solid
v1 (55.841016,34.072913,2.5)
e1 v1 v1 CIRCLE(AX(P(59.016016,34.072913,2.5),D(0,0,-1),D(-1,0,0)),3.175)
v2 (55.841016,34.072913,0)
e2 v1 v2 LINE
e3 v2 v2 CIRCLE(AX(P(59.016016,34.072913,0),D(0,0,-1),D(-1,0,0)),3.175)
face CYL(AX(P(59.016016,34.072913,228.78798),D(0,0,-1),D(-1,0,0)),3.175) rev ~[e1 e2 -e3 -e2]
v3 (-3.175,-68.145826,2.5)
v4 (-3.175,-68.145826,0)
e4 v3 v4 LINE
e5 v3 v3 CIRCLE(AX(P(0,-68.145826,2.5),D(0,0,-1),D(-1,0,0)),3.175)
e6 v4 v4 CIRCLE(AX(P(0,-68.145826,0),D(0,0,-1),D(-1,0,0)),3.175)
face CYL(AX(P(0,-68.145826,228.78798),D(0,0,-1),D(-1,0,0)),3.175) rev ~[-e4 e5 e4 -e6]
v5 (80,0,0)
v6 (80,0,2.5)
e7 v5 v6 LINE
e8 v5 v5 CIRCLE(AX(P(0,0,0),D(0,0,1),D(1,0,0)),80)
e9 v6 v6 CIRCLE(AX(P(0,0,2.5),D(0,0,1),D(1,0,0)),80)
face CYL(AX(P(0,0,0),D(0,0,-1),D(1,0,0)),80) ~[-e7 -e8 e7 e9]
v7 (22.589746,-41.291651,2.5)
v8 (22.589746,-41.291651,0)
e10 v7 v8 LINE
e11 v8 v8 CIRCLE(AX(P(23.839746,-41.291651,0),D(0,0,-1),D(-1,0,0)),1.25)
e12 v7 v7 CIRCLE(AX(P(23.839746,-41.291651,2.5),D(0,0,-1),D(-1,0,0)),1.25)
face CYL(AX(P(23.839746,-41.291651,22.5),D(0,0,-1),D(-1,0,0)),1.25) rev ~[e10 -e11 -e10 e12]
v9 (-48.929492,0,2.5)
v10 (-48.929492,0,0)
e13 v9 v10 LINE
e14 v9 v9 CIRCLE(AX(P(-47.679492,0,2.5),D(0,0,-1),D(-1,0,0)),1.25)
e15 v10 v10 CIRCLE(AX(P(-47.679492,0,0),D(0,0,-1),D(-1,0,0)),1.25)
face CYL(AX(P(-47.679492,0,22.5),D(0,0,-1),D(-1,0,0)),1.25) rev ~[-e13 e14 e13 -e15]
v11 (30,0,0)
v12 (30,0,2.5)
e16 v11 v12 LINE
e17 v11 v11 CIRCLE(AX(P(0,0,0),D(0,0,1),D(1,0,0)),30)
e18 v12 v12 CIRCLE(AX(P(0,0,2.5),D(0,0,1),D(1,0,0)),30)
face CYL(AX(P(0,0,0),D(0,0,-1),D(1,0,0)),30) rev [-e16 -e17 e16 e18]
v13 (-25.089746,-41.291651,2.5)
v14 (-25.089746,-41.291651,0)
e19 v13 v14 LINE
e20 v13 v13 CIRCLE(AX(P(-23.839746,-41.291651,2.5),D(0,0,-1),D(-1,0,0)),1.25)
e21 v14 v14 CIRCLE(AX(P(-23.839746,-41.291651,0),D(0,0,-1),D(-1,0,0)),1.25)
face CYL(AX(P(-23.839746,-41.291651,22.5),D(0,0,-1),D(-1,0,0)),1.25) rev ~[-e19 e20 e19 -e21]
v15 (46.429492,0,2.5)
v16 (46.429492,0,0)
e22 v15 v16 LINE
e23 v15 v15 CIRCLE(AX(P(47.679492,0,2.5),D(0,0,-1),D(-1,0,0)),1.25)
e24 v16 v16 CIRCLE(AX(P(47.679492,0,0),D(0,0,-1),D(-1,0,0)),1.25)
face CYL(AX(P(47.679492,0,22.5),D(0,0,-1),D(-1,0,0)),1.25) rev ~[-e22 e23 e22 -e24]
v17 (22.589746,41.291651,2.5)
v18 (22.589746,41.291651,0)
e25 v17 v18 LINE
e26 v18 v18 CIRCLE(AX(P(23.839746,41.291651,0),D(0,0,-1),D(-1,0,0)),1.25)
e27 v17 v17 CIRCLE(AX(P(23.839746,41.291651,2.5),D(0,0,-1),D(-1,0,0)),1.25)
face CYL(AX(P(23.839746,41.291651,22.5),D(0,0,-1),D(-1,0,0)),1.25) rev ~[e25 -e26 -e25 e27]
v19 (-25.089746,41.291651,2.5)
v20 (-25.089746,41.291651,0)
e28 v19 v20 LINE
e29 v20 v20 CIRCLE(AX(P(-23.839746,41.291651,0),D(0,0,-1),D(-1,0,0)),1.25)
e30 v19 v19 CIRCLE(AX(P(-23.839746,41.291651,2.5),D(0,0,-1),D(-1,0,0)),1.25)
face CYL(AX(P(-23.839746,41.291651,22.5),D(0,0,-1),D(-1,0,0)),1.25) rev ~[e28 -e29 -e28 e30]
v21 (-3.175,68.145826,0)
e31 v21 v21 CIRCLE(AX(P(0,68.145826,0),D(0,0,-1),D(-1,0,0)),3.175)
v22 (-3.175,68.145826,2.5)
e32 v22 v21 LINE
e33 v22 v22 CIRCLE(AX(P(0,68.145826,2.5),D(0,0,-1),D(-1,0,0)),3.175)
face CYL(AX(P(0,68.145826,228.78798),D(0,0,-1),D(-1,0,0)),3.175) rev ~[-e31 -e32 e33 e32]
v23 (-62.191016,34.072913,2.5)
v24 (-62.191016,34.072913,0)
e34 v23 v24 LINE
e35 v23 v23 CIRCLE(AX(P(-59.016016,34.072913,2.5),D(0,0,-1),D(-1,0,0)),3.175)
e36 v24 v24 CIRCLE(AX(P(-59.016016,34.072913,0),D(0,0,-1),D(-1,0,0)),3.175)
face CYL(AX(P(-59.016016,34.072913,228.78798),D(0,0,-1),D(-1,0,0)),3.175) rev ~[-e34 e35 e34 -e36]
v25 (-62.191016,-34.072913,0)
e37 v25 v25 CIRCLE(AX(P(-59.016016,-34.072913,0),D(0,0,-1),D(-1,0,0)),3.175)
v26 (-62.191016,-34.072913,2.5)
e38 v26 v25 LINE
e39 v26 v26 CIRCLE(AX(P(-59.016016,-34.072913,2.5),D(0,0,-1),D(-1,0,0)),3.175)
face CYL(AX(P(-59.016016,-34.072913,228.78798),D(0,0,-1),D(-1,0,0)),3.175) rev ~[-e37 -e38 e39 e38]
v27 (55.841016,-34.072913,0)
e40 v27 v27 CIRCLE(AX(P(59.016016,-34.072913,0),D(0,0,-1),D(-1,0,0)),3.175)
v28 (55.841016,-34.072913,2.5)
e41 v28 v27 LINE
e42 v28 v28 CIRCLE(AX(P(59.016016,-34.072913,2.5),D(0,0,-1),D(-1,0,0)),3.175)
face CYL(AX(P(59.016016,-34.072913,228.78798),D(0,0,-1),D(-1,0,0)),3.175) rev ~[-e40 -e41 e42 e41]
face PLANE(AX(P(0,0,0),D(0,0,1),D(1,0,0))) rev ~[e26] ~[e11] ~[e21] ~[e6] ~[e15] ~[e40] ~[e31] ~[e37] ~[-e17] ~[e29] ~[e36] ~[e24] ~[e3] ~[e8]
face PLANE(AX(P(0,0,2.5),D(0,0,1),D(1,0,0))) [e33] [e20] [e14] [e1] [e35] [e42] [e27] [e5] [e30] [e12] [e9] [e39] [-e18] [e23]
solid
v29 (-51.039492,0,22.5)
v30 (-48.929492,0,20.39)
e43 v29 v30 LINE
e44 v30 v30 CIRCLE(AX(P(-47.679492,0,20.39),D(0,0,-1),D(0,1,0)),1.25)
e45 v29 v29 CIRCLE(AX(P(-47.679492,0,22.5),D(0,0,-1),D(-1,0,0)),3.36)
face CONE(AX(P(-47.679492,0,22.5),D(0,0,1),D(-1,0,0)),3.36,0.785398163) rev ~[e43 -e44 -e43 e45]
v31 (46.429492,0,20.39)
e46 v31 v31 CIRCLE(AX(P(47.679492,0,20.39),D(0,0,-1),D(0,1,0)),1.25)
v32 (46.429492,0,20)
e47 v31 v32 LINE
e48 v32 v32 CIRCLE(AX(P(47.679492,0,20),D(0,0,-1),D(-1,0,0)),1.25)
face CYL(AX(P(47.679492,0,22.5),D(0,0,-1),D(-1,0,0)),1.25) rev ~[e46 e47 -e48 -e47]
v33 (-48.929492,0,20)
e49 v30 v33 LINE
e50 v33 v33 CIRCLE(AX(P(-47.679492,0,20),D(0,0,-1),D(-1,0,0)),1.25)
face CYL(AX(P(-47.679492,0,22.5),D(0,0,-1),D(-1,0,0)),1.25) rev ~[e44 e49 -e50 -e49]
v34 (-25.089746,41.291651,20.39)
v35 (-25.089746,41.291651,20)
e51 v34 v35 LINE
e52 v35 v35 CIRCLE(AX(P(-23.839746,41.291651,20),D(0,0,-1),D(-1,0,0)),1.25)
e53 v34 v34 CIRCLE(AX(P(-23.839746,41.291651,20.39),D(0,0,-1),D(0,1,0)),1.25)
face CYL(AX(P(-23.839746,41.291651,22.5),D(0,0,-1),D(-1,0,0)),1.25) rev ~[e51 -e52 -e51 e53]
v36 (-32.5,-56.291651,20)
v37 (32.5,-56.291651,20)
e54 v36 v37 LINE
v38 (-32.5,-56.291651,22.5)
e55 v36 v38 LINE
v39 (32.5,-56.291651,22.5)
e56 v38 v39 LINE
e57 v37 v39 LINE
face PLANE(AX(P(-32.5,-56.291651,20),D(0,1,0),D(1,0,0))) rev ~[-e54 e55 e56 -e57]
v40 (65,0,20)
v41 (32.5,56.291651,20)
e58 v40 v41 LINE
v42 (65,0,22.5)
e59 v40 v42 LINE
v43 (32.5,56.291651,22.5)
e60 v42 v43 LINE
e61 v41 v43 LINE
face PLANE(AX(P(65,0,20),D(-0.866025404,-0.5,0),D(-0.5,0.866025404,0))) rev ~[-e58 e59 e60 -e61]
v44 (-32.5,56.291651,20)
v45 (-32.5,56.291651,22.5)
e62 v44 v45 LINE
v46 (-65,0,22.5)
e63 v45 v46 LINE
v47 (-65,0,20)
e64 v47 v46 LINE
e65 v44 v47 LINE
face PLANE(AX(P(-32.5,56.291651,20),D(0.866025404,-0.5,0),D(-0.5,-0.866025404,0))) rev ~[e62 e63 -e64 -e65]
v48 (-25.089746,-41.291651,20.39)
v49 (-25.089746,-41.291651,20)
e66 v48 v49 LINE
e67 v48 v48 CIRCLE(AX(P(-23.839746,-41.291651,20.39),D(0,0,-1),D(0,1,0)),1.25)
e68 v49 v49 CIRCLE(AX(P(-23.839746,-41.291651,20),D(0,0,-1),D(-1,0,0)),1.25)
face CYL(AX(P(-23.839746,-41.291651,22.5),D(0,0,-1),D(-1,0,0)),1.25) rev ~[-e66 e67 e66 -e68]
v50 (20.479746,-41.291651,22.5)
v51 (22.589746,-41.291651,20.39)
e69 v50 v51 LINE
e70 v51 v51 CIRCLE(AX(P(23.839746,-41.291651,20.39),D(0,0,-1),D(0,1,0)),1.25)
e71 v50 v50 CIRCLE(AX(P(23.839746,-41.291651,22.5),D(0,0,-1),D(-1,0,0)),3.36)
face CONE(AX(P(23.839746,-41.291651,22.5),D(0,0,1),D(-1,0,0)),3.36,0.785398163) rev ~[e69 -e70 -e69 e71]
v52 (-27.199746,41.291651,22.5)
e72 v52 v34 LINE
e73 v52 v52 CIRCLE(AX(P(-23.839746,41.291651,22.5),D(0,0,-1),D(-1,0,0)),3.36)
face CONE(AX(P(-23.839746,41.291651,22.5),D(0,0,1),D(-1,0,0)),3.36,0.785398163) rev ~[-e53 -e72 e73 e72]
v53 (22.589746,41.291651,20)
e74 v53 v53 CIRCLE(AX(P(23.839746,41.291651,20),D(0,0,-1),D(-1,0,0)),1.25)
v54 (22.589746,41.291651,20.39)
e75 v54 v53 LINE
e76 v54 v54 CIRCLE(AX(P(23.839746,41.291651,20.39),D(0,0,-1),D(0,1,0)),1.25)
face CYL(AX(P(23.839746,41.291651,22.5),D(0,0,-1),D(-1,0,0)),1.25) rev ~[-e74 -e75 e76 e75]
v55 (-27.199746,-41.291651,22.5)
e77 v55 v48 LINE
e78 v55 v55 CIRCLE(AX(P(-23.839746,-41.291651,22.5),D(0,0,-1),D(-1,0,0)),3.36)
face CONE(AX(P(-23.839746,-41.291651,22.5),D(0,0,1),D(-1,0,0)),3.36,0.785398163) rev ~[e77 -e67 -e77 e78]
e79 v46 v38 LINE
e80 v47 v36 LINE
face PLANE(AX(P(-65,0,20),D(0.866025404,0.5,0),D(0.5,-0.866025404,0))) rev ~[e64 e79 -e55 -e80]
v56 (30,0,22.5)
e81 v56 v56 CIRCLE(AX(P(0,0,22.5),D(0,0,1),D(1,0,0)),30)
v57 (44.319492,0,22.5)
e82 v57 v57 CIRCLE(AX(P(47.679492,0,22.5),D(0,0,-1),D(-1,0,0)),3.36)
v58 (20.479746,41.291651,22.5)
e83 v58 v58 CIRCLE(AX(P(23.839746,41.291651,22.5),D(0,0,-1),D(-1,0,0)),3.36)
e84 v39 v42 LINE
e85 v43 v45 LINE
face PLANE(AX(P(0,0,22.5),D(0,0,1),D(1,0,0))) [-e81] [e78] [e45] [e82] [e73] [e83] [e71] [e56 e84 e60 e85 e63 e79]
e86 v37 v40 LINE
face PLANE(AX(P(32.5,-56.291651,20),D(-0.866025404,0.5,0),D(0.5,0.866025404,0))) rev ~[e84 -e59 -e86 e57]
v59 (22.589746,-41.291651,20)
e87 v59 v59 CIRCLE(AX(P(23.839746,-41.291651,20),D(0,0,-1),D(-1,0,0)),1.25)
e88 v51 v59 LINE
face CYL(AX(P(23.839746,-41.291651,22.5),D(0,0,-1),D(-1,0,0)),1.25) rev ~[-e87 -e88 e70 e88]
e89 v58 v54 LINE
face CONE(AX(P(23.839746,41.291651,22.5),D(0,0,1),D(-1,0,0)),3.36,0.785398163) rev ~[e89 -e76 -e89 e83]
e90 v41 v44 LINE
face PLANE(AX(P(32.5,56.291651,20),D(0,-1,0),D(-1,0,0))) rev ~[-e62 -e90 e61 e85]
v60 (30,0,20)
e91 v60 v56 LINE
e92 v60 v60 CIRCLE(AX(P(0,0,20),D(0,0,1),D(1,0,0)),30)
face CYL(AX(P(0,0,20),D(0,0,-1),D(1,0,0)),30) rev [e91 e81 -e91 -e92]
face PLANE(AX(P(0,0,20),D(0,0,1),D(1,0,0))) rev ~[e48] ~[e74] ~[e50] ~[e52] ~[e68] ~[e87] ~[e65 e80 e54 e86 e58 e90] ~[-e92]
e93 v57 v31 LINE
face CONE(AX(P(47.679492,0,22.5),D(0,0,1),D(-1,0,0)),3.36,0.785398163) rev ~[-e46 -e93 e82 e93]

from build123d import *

# Parameters (mm, degrees)
F0_R             = 80
F0_R_2           = 30
F1_DEPTH         = 2.5
F3_R             = 30
F4_DEPTH         = 2.5
F6_D             = 2.5
F6_CSINK_D       = 6.72
F6_CSINK_ANGLE   = 90
F6_2_D           = 2.5
F6_2_CSINK_D     = 6.72
F6_2_CSINK_ANGLE = 90
F8_D             = 6.35


with BuildPart() as f1:
    # F0 (on Top) → F1 (new body)
    with BuildSketch(Plane.XY):
        Circle(F0_R)
        Polygon((-32.5, 56.291651246), (32.5, 56.291651246), (65, 0), (32.5, -56.291651246), (-32.5, -56.291651246), (-65, 0), align=None, mode=Mode.SUBTRACT)
        Polygon((65, 0), (32.5, 56.291651246), (-32.5, 56.291651246), (-65, 0), (-32.5, -56.291651246), (32.5, -56.291651246), align=None)
        Circle(F0_R_2, mode=Mode.SUBTRACT)
    extrude(amount=F1_DEPTH)

    # F6 (through all)
    with Locations(Plane.XY.offset(22.5)):
        with Locations((-23.8397459622, 41.291651246), (23.8397459622, 41.291651246), (47.6794919243, 0), (23.8397459622, -41.291651246), (-23.8397459622, -41.291651246), (-47.6794919243, 0)):
            CounterSinkHole(F6_D / 2, F6_CSINK_D / 2, counter_sink_angle=F6_CSINK_ANGLE)

    # F8 (through all)
    with Locations(Plane.XY.offset(2.5)):
        with Locations((0, 68.145825623), (59.0160161514, 34.0729128115), (59.0160161514, -34.0729128115), (0, -68.145825623), (-59.0160161514, -34.0729128115), (-59.0160161514, 34.0729128115)):
            Hole(F8_D / 2)


with BuildPart() as f4:
    # F3 (on offset) → F4 (new body)
    with BuildSketch(Plane.XY.offset(20)):
        Polygon((65, 0), (32.5, 56.291651246), (-32.5, 56.291651246), (-65, 0), (-32.5, -56.291651246), (32.5, -56.291651246), align=None)
        Circle(F3_R, mode=Mode.SUBTRACT)
    extrude(amount=F4_DEPTH)

    # F6#2 (through all)
    with Locations(Plane.XY.offset(22.5)):
        with Locations((-23.8397459622, 41.291651246), (23.8397459622, 41.291651246), (47.6794919243, 0), (23.8397459622, -41.291651246), (-23.8397459622, -41.291651246), (-47.6794919243, 0)):
            CounterSinkHole(F6_2_D / 2, F6_2_CSINK_D / 2, counter_sink_angle=F6_2_CSINK_ANGLE)


solid = Compound([f1.part, f4.part])
